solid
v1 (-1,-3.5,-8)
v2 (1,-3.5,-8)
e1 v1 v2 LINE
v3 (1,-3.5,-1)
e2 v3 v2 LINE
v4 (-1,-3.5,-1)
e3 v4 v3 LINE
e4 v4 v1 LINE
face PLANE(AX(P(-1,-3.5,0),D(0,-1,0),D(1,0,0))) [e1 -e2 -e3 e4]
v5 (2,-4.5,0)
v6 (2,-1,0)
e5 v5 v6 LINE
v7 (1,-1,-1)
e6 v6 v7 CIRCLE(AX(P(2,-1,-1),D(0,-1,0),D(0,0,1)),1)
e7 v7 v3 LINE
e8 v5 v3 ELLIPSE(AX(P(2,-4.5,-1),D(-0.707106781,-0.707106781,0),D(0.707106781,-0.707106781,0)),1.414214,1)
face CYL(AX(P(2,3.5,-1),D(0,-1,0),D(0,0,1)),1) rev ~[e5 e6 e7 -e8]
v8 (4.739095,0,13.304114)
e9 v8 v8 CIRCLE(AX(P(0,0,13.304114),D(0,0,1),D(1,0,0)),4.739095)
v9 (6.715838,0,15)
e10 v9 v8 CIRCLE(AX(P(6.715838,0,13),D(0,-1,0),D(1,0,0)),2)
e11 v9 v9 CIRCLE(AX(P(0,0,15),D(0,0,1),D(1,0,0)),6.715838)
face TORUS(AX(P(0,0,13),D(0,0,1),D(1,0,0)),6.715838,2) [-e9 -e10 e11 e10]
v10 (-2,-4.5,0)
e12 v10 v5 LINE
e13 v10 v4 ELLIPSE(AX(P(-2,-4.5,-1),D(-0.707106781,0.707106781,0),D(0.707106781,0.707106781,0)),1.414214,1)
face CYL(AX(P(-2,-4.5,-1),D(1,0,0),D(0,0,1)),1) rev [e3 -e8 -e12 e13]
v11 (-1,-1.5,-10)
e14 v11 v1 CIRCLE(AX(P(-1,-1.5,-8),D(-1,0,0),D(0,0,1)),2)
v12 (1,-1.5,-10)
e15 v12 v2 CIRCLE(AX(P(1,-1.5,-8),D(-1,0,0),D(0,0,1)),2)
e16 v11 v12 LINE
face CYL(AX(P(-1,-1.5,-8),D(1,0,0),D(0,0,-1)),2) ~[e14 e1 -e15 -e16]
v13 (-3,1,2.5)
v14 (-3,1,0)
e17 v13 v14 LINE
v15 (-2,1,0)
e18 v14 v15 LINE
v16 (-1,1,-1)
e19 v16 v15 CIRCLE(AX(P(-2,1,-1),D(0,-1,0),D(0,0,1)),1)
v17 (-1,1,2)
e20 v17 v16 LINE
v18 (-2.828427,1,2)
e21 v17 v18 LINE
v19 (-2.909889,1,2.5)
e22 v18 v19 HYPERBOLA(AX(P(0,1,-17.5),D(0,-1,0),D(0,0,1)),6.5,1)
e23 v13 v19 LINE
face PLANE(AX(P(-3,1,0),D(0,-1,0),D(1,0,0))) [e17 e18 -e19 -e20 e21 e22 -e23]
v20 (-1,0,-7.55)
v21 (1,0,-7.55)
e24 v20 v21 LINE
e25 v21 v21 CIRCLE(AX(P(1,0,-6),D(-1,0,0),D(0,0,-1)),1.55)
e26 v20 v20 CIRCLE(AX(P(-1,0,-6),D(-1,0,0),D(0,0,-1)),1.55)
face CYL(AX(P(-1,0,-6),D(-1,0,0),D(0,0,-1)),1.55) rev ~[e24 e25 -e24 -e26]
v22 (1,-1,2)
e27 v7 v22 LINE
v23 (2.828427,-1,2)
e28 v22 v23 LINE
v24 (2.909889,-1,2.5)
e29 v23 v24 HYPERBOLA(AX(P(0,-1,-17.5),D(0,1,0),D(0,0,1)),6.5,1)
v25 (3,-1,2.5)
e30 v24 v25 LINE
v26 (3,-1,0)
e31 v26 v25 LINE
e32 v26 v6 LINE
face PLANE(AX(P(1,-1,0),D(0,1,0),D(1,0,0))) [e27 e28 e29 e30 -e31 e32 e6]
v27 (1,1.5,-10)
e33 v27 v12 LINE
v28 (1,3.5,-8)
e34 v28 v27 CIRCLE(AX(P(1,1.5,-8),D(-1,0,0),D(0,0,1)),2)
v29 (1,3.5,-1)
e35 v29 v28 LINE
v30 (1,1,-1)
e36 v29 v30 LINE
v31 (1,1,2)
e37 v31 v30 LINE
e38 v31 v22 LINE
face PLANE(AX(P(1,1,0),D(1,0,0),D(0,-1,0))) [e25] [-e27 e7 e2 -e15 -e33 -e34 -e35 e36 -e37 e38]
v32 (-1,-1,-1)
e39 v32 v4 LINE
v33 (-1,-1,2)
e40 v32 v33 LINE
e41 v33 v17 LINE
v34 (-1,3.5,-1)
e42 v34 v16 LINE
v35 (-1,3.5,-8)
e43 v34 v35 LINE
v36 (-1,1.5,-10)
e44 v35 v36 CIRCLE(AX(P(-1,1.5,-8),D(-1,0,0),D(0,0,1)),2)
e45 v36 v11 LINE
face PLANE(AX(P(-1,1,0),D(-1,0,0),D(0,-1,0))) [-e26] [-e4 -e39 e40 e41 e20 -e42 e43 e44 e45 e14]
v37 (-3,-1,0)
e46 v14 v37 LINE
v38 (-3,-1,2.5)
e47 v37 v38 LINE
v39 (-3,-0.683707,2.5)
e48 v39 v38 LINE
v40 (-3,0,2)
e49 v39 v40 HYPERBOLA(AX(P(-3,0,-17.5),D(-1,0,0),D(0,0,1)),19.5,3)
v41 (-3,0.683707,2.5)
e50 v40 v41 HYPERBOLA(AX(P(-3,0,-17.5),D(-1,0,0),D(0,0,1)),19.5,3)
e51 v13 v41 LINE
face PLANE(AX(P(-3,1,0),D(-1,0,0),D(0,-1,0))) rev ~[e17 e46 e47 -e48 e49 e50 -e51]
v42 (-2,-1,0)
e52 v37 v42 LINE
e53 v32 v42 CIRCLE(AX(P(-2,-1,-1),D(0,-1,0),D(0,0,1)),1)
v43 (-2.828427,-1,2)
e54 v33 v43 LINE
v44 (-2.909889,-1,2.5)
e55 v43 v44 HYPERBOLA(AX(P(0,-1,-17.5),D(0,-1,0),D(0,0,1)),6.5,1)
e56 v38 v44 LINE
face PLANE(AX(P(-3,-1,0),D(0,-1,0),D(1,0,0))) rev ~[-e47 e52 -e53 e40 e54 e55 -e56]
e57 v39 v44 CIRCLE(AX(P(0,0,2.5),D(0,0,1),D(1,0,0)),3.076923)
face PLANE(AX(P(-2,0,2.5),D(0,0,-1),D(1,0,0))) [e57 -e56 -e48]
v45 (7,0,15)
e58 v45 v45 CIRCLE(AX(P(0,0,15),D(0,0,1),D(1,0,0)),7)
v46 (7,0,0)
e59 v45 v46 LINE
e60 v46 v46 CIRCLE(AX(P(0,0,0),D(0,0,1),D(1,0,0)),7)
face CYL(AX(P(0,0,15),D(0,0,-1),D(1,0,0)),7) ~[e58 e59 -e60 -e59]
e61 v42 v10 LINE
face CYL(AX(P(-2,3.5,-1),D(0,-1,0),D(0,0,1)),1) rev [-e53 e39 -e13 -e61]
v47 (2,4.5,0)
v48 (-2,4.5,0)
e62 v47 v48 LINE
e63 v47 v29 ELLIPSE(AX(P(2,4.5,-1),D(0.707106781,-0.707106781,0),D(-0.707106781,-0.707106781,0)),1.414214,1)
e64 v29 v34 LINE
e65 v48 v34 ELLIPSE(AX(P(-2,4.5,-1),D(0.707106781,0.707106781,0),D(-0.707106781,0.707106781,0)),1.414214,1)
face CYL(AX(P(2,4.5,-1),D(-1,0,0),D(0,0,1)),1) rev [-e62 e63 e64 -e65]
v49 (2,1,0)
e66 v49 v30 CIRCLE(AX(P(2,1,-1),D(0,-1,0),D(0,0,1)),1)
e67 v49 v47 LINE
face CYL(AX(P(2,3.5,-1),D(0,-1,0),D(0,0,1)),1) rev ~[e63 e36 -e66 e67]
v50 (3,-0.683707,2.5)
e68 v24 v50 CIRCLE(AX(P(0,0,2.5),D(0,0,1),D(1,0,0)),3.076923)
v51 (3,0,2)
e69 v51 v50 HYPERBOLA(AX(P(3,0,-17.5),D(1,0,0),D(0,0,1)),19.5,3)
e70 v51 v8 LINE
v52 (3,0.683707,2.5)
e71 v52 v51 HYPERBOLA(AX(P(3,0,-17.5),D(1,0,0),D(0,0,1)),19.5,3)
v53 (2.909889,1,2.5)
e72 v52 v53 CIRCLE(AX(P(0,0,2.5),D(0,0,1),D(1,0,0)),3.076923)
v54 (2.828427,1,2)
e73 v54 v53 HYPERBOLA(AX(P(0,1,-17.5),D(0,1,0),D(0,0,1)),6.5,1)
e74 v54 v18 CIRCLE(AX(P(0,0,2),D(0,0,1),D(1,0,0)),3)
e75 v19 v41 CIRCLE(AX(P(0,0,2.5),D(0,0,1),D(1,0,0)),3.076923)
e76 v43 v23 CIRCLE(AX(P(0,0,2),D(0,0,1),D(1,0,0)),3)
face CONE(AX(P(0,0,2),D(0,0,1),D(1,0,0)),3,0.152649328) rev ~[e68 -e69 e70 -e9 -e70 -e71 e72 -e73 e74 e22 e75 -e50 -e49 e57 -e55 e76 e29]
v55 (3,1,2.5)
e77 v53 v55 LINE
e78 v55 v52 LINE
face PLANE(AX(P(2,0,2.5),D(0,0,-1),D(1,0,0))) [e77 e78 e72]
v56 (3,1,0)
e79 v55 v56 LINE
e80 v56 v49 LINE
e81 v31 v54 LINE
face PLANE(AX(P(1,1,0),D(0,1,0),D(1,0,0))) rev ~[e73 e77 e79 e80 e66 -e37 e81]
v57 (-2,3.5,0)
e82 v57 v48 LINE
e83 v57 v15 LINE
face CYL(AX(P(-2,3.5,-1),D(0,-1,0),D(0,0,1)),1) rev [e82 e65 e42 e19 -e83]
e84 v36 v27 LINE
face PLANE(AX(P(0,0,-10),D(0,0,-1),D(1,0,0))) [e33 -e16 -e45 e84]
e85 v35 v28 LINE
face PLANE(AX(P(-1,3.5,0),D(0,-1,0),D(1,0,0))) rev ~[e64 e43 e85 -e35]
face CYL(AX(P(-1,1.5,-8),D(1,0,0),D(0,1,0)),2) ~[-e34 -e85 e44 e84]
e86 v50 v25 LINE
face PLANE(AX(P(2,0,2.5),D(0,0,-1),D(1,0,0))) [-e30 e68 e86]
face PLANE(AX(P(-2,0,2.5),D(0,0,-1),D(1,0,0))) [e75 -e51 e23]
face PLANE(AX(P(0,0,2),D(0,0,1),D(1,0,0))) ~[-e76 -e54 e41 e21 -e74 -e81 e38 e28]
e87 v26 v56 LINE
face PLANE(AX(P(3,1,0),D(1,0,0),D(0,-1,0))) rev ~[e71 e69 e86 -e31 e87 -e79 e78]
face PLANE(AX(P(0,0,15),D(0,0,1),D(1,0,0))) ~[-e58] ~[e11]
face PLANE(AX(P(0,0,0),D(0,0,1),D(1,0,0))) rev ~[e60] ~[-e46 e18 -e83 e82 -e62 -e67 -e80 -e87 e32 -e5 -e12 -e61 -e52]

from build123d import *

# Parameters (mm, degrees)
SKETCH001_W     = 2
SKETCH001_H     = 7
PAD_DEPTH       = 10
FILLET_R        = 1
FILLET001_R     = 1
FILLET002_R     = 1
FILLET003_R     = 1
FILLET004_R     = 2
SKETCH002_R     = 1.55
POCKET_DEPTH    = 5
SKETCH003_W     = 2
SKETCH003_H     = 2
POCKET001_DEPTH = 2.5


with BuildPart() as part:
    # Sketch → Revolution (revolve)
    with BuildSketch(Plane.XZ):
        Polygon((0, 0), (0, 2), (3, 2), (5, 15), (7, 15), (7, 0), align=None)
    revolve(axis=Axis((0, 0, 0), (0, 0, 1)))

    # Sketch001 (on Face5 of Revolution) → Pad (new body)
    with BuildSketch(Plane(origin=(0, 0, 0), x_dir=(1, 0, 0), z_dir=(0, 0, -1))):
        Rectangle(SKETCH001_W, SKETCH001_H)
    extrude(amount=PAD_DEPTH)

    # Fillet
    fillet_edges = [part.edges().sort_by_distance(p)[0] for p in [
        (1, 0, 0),
    ]]
    fillet(fillet_edges, radius=FILLET_R)

    # Fillet001
    fillet001_edges = [part.edges().sort_by_distance(p)[0] for p in [
        (-1, 0, 0),
    ]]
    fillet(fillet001_edges, radius=FILLET001_R)

    # Fillet002
    fillet002_edges = [part.edges().sort_by_distance(p)[0] for p in [
        (0, -3.5, 0),
    ]]
    fillet(fillet002_edges, radius=FILLET002_R)

    # Fillet003
    fillet003_edges = [part.edges().sort_by_distance(p)[0] for p in [
        (0, 3.5, 0),
    ]]
    fillet(fillet003_edges, radius=FILLET003_R)

    # Fillet004
    fillet004_edges = [part.edges().sort_by_distance(p)[0] for p in [
        (-5, 0, 15),
        (0, 3.5, -10),
        (0, -3.5, -10),
    ]]
    fillet(fillet004_edges, radius=FILLET004_R)

    # Sketch002 → Pocket (cut)
    with BuildSketch(Plane(origin=(-1, 0, 0), x_dir=(0, 0, -1), z_dir=(-1, 0, 0))):
        with Locations((6, 0)):
            Circle(SKETCH002_R)
    extrude(amount=-POCKET_DEPTH, mode=Mode.SUBTRACT)

    # Sketch003 (on Face12 of Pocket) → Pocket001 (cut, symmetric)
    with BuildSketch(Plane(origin=(0, 0, 0), x_dir=(1, 0, 0), z_dir=(0, 0, -1))):
        with Locations((-2, 0)):
            Rectangle(SKETCH003_W, SKETCH003_H)
        with Locations((2, 0)):
            Rectangle(SKETCH003_W, SKETCH003_H)
    extrude(amount=POCKET001_DEPTH, both=True, mode=Mode.SUBTRACT)


solid = part.part
